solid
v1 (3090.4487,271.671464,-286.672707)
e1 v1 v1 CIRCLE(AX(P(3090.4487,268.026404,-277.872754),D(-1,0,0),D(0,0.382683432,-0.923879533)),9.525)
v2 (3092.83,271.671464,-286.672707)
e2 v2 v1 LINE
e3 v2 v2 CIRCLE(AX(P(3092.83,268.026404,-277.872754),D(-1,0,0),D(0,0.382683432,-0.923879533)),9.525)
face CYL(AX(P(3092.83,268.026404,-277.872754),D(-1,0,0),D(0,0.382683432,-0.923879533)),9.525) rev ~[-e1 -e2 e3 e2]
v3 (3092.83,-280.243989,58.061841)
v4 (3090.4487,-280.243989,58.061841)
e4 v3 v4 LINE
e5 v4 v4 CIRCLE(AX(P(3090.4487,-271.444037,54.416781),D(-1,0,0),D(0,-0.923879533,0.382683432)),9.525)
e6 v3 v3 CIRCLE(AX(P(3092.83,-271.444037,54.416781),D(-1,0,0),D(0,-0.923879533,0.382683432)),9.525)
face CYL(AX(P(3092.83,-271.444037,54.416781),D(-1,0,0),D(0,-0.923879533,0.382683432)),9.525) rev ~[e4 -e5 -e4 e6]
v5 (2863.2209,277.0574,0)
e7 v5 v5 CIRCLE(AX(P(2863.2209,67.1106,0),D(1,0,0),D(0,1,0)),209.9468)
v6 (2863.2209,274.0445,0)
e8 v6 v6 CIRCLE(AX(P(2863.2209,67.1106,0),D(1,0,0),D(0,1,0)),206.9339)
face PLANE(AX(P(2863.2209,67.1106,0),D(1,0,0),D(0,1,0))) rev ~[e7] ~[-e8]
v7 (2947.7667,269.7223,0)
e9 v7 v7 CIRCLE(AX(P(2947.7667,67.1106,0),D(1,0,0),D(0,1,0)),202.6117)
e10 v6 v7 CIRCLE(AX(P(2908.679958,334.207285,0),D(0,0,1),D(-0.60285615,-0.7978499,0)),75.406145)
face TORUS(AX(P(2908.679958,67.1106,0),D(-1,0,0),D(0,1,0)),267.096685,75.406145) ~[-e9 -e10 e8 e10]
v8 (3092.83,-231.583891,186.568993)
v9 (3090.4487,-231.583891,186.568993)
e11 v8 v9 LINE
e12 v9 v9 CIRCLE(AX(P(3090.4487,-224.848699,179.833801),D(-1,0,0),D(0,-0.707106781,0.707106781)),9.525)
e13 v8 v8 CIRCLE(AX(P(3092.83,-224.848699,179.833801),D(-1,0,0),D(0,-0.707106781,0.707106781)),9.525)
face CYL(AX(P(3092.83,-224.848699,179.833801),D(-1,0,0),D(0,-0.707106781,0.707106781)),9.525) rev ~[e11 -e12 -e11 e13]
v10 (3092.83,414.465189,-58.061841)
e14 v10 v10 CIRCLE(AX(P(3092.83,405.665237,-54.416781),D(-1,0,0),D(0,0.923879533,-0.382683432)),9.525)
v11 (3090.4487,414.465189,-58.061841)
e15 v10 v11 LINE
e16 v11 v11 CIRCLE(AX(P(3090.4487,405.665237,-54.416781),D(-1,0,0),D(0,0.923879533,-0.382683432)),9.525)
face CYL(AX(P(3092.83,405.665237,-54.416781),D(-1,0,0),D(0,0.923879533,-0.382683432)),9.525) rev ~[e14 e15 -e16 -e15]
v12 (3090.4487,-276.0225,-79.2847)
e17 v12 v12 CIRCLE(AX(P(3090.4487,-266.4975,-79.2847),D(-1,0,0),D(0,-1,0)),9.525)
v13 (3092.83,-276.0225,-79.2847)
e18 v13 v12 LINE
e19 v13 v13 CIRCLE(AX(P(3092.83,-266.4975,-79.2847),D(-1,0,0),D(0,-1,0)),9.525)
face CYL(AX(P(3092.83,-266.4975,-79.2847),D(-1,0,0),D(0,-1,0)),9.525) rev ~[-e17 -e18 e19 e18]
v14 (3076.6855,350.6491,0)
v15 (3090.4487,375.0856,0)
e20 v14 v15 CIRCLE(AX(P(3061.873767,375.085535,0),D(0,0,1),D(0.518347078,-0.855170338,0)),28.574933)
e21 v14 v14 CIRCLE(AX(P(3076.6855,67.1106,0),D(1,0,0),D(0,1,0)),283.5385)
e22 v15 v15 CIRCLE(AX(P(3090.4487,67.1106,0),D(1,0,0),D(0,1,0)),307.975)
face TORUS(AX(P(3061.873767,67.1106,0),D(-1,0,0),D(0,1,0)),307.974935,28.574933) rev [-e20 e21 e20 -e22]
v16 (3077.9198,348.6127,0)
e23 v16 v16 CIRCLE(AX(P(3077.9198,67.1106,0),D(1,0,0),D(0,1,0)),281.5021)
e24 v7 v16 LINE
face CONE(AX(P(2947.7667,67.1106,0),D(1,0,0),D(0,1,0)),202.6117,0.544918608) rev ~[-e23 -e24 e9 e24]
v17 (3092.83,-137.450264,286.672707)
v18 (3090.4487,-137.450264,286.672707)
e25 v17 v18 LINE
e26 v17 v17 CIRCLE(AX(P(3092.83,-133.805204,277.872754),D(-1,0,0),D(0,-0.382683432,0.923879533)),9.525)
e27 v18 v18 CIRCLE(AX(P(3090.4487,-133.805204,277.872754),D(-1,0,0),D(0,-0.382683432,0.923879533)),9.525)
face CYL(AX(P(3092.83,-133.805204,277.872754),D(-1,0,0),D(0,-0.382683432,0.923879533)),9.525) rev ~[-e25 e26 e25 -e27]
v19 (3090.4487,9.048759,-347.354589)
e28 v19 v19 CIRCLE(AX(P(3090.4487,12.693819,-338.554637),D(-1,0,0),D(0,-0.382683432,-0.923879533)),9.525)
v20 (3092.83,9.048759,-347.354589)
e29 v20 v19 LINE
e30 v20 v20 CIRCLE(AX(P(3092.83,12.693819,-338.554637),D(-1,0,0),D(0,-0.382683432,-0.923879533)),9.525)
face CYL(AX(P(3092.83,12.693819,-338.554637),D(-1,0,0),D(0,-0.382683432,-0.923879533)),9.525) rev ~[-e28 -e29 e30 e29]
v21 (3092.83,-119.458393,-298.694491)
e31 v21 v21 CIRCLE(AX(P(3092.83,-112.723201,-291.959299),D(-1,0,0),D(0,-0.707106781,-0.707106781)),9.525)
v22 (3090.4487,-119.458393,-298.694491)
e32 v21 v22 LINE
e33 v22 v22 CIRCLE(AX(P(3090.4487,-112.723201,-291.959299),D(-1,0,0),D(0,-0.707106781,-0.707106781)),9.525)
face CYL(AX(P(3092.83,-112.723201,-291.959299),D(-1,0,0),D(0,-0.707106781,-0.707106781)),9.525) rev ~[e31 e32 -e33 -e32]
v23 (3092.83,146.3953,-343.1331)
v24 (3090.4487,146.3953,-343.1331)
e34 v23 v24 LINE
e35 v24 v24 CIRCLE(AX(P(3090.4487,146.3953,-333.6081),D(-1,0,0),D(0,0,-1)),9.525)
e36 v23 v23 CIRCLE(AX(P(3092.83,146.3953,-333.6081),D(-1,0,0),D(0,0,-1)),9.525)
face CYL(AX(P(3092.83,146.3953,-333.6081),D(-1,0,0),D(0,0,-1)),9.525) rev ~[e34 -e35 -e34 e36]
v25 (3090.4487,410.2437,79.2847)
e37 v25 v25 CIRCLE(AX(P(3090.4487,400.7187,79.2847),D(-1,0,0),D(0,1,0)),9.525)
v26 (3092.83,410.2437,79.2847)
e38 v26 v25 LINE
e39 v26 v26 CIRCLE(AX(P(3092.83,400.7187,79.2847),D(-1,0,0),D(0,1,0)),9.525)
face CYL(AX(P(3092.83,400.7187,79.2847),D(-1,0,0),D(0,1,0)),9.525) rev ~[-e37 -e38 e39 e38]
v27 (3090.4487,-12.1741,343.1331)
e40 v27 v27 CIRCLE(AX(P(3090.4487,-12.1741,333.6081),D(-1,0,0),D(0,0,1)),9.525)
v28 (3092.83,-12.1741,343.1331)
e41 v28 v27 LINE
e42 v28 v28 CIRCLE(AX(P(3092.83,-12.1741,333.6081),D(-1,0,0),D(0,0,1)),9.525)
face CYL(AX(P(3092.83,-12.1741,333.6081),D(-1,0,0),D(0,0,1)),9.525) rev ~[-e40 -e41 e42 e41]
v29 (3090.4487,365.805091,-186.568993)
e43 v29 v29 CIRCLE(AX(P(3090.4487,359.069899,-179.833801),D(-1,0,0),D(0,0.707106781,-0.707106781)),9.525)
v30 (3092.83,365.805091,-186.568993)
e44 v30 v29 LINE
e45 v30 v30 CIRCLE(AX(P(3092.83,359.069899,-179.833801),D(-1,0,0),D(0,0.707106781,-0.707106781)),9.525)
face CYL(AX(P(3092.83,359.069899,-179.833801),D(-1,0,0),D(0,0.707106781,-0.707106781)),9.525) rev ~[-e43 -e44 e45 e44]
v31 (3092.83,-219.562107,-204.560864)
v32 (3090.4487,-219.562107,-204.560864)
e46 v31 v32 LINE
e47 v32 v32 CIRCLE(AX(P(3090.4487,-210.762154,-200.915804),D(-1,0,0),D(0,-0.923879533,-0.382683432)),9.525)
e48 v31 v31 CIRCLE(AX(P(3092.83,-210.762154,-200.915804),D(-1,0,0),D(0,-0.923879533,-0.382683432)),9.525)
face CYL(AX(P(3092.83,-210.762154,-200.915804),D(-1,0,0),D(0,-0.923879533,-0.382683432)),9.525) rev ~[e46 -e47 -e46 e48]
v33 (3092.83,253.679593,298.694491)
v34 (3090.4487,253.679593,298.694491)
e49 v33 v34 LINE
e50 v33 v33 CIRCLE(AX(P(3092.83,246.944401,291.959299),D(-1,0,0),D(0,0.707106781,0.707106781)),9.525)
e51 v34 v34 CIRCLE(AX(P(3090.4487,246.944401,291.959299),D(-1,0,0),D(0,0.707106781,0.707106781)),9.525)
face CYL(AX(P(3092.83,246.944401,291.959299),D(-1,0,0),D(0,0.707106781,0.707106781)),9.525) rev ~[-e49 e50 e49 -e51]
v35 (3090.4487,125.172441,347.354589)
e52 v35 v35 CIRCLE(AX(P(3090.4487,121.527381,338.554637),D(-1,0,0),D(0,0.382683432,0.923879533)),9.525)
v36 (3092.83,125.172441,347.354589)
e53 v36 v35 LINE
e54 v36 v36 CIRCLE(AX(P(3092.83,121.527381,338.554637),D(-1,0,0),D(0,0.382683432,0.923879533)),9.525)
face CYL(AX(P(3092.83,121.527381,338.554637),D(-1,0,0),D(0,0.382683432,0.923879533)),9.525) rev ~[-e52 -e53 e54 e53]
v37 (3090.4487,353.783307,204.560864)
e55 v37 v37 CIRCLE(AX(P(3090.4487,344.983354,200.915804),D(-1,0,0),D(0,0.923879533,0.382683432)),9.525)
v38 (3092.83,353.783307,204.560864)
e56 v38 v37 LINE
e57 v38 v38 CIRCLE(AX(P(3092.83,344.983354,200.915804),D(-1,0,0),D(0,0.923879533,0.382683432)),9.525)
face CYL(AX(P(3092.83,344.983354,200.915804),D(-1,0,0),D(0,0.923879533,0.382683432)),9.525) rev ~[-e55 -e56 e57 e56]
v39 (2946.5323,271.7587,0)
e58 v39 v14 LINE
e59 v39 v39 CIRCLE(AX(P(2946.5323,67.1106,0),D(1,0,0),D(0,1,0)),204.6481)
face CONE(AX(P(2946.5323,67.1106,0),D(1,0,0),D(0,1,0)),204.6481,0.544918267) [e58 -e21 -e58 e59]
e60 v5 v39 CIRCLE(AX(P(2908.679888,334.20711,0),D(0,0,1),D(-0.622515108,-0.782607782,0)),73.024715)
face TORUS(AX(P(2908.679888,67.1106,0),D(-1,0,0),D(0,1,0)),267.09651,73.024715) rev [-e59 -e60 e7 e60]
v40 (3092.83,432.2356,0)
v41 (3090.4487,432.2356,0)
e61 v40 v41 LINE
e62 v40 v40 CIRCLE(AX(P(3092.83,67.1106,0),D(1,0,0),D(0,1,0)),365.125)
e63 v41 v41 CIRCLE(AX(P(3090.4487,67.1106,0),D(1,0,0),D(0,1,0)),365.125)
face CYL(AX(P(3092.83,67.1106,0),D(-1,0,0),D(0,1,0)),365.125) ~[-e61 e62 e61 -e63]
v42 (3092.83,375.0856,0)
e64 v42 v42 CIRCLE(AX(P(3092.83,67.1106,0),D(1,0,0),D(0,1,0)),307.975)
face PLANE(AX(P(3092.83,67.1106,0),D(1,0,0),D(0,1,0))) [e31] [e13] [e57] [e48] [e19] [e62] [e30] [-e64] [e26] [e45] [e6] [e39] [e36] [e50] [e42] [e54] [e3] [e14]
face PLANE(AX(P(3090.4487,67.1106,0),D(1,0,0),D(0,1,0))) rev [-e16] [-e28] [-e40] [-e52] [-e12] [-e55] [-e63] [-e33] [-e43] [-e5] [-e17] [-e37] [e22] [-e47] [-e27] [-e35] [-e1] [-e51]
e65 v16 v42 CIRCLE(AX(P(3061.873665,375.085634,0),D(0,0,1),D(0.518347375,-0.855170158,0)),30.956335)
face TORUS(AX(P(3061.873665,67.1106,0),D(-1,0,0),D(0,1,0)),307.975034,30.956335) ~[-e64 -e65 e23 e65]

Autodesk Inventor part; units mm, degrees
ref_plane "YZ Plane" through (0, 0, 0) normal (1, 0, 0) x (0, 1, 0)
ref_plane "XZ Plane" through (0, 0, 0) normal (0, 1, 0) x (-1, 0, 0)
ref_plane "XY Plane" through (0, 0, 0) normal (0, 0, 1) x (1, 0, 0)
sketch "Sketch1" plane through (0, 0, 0) normal (0, 0, 1) x (1, 0, 0)
  line L0 (3092.83, 432.2356) -> (3090.4487, 432.2356)
  line L1 (2947.7667, 269.7223) -> (3077.9198, 348.6127)
  line L2 (2946.5323, 271.7587) -> (3076.6855, 350.6491)
  arc A0 (3077.9198, 348.6127) -> (3092.83, 375.0856) centre (3061.8737, 375.0856) ccw
  arc A1 (3076.6855, 350.6491) -> (3090.4487, 375.0856) centre (3061.8737, 375.0856) ccw
  arc A2 (2863.2209, 274.0445) -> (2947.7667, 269.7223) centre (2908.68, 334.2074) ccw
  arc A3 (2863.2209, 277.0574) -> (2946.5323, 271.7587) centre (2908.68, 334.2074) ccw
  line L3 (2863.2209, 67.1106) -> (3092.83, 67.1106) construction
  line L4 (3090.4487, 375.0856) -> (3090.4487, 432.2356)
  line L5 (2863.2209, 277.0574) -> (2863.2209, 274.0445)
  line L6 (3092.83, 432.2356) -> (3092.83, 375.0856)
  dimension "d0" = 30.9563
  dimension "d1" = 75.4062
  dimension "d2" = 30.9563
  dimension "d3" = 153.1937
  dimension "d4" = 229.6091
  dimension "d5" = 365.125
  dimension "d6" = 209.9469
  dimension "d7" = 307.975
  dimension "d8" = 267.0969
  dimension "d9" = 2.3813
revolve "Revolution1" add sketch "Sketch1" angle 360 about axis through (2863.2209, 67.1106, 0) along (1, 0, 0)
sketch "Sketch2" plane through (3092.83, 67.1106, 0) normal (1, 0, 0) x (0, 0, -1)
  circle A0 centre (0, 0) radius 307.975 projected
  circle A1 centre (0, 0) radius 365.125 projected
  point P0 (333.6081, 79.2847)
  dimension "d11" = 342.9
  dimension "d12" = 79.2847
hole "Hole1" at (3092.83, 146.3953, -333.6081) direction (-1, 0, 0) diameter 19.05 end through all
pattern_circular "Circular Pattern1" count 16 over 360 about axis through (3091.6393, 67.1106, 0) along (1, 0, 0) of "Hole1"
properties part number "inlet cone" material "Steel, Mild"
